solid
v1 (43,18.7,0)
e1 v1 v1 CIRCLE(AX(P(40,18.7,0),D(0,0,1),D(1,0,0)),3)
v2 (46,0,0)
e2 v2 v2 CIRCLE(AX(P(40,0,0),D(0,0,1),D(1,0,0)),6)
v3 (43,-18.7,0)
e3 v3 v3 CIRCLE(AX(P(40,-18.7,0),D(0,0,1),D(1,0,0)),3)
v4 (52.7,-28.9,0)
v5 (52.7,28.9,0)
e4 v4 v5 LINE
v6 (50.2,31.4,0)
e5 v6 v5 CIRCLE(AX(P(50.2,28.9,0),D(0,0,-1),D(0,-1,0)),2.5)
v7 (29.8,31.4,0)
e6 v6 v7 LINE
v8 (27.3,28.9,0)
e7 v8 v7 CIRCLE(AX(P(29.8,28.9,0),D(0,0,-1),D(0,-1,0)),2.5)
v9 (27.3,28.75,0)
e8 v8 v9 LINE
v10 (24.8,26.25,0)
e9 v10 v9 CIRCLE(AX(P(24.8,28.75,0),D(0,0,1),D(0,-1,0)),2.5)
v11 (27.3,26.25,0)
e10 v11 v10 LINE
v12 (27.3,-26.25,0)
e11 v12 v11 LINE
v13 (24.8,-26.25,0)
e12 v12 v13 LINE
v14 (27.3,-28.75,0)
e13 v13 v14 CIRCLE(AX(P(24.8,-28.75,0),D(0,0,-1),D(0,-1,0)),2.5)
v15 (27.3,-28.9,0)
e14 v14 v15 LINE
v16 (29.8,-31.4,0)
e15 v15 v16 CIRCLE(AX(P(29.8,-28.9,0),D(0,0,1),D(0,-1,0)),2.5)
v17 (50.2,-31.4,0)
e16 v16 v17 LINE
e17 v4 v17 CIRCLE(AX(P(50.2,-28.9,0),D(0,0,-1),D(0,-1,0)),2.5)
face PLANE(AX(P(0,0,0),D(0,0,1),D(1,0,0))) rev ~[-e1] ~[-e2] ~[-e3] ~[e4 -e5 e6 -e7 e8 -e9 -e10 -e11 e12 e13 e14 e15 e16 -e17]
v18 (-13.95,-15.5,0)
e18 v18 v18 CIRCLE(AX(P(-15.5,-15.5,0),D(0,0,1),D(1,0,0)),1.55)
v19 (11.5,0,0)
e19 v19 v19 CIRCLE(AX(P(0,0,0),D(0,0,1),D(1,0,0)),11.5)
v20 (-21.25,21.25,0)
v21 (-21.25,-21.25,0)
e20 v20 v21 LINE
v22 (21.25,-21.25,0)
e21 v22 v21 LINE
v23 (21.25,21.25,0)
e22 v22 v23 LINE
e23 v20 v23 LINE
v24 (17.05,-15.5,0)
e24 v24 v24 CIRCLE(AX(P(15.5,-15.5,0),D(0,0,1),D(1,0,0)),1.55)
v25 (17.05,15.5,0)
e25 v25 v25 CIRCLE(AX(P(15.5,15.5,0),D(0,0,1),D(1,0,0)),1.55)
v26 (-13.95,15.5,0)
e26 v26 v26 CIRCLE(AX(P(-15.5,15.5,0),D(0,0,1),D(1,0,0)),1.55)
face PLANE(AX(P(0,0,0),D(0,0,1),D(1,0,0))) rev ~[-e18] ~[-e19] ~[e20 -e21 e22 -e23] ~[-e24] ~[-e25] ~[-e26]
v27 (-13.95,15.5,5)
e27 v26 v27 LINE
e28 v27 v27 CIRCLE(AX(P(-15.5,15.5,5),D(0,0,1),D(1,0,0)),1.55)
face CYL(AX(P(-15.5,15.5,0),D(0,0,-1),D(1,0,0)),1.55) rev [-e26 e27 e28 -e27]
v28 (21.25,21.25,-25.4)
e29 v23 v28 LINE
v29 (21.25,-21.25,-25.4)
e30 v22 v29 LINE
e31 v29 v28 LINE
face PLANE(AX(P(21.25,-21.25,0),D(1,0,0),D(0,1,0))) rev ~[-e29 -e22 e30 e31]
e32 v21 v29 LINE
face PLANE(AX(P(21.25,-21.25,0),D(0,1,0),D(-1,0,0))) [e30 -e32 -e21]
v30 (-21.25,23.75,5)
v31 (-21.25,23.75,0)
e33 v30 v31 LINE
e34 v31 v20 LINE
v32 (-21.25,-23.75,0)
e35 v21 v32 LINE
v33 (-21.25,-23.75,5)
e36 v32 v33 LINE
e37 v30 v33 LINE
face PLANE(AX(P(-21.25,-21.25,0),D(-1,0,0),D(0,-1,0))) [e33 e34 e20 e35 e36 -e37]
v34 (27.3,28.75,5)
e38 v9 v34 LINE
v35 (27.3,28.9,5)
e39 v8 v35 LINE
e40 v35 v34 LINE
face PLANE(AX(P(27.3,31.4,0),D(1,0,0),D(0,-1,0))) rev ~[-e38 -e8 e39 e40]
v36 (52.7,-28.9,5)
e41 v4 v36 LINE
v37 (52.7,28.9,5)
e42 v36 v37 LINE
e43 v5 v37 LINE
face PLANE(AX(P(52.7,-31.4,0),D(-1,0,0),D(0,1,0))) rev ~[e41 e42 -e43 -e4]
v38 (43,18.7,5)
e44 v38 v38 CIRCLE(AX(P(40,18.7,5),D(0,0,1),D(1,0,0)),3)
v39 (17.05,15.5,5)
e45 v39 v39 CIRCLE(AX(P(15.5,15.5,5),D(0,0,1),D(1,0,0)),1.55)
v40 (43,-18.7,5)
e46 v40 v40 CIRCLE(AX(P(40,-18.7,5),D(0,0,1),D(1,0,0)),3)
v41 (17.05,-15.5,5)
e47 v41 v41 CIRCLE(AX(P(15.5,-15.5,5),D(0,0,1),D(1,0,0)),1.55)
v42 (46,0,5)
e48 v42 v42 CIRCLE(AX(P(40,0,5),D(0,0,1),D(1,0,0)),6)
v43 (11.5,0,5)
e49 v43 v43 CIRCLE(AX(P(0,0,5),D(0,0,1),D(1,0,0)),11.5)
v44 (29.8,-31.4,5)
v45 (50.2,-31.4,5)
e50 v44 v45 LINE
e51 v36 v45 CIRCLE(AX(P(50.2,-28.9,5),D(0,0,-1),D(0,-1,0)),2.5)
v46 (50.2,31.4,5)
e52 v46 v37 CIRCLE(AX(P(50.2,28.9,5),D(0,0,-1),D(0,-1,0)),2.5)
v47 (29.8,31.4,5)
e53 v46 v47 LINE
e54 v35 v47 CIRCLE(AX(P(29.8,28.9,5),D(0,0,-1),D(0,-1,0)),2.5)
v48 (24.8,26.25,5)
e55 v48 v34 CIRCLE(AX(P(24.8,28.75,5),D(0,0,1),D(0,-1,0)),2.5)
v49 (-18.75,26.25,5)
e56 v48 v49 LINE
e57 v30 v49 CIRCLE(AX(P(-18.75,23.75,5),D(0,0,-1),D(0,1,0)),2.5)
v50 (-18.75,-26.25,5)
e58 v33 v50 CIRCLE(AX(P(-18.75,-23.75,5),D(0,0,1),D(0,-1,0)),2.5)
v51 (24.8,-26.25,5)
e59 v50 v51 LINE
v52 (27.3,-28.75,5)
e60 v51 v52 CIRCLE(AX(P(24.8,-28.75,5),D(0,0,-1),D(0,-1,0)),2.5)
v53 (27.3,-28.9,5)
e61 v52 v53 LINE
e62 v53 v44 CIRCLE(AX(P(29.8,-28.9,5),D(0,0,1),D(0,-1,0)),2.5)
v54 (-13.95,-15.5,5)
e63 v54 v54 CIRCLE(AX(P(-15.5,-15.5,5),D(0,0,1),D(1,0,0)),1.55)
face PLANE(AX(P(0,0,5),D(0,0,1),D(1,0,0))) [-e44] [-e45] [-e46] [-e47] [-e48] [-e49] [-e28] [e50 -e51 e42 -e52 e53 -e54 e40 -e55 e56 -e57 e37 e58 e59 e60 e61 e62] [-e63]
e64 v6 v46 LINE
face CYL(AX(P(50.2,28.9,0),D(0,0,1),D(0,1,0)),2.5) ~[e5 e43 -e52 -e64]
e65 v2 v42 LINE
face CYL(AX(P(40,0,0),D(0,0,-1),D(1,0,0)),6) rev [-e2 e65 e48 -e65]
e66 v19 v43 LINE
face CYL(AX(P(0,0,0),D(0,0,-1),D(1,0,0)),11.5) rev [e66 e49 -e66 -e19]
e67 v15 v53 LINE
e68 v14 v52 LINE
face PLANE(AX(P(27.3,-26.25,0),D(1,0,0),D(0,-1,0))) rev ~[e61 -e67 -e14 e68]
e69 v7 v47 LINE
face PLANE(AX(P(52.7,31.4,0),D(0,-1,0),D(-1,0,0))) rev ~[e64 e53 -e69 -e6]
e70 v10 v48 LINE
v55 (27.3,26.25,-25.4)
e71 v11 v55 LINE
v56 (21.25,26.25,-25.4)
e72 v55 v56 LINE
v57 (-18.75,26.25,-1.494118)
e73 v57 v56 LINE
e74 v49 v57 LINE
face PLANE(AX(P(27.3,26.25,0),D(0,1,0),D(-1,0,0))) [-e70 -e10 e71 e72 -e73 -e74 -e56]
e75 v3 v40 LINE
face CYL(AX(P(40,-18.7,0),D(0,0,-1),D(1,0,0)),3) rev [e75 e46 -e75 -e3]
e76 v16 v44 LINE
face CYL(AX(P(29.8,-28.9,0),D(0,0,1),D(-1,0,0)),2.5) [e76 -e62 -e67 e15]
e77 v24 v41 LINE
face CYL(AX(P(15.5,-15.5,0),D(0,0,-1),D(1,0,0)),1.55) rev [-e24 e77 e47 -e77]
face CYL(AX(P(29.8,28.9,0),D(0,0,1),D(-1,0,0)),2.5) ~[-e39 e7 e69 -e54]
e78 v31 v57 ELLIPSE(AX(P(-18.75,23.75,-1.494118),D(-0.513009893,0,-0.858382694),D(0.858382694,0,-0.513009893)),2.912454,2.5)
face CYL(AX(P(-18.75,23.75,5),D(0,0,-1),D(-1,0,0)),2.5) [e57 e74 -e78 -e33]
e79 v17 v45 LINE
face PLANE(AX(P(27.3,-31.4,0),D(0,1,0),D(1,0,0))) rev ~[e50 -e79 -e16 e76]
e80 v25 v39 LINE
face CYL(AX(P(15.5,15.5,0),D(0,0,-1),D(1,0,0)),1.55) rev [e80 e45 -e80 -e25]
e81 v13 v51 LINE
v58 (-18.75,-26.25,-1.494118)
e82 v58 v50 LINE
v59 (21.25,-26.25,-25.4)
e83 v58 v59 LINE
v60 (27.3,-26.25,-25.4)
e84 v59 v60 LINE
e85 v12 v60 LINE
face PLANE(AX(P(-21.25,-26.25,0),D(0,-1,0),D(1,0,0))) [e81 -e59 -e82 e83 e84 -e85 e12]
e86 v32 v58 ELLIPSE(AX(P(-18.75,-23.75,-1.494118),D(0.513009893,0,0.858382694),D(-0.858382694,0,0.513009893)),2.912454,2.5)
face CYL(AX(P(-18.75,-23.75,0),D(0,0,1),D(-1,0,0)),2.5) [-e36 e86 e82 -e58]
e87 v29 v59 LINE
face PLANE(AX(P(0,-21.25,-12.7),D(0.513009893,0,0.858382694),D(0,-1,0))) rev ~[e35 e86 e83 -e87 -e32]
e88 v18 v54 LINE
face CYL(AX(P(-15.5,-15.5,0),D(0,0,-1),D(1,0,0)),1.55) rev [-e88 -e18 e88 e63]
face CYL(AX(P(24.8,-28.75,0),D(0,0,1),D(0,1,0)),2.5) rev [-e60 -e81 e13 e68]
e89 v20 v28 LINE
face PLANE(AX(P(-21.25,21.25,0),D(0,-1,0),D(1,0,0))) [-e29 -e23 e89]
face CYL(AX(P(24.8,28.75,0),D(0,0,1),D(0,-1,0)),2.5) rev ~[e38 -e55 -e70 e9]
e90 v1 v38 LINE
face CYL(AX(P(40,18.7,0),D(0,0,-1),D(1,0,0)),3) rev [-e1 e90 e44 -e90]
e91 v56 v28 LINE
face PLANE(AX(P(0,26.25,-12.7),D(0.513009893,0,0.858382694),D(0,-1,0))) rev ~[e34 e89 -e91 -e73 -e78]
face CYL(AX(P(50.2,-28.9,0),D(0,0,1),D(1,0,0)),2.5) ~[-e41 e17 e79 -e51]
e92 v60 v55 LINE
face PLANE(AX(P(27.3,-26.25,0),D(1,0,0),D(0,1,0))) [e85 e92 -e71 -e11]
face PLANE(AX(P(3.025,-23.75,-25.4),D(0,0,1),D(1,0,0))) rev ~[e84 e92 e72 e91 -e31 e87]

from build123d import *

# Parameters (mm, degrees)
F0_W     = 42.5
F0_H     = 42.5
F0_R     = 1.55
F0_R_2   = 11.5
F0_W_2   = 6.05
F0_R_3   = 3
F0_R_4   = 6
F1_DEPTH = 5
F2_DEPTH = 25.4
F3_SIZE2 = 42.5
F3_SIZE  = 25.4
F4_R     = 2.5


with BuildPart() as f1:
    # F0 (on Top) → F1 (new body)
    with BuildSketch(Plane.XY):
        Rectangle(F0_W, F0_H)
        with Locations((-15.5, -15.5)):
            Circle(F0_R, mode=Mode.SUBTRACT)
        with Locations((15.5, -15.5)):
            Circle(F0_R, mode=Mode.SUBTRACT)
        with Locations((-15.5, 15.5)):
            Circle(F0_R, mode=Mode.SUBTRACT)
        Circle(F0_R_2, mode=Mode.SUBTRACT)
        with Locations((15.5, 15.5)):
            Circle(F0_R, mode=Mode.SUBTRACT)
        Polygon((-21.25, 21.25), (21.25, 21.25), (27.3, 21.25), (27.3, 26.25), (-21.25, 26.25), align=None)
        with Locations((24.275, 0)):
            Rectangle(F0_W_2, F0_H)
        Polygon((27.3, -21.25), (21.25, -21.25), (-21.25, -21.25), (-21.25, -26.25), (27.3, -26.25), align=None)
        Polygon((27.3, 26.25), (27.3, 21.25), (27.3, -21.25), (27.3, -26.25), (27.3, -31.4), (52.7, -31.4), (52.7, 31.4), (27.3, 31.4), align=None)
        with Locations((40, -18.7)):
            Circle(F0_R_3, mode=Mode.SUBTRACT)
        with Locations((40, 0)):
            Circle(F0_R_4, mode=Mode.SUBTRACT)
        with Locations((40, 18.7)):
            Circle(F0_R_3, mode=Mode.SUBTRACT)
    extrude(amount=F1_DEPTH)

    # F0 (on Top) → F2 (join)
    with BuildSketch(Plane.XY):
        Polygon((27.3, -21.25), (21.25, -21.25), (-21.25, -21.25), (-21.25, -26.25), (27.3, -26.25), align=None)
        with Locations((24.275, 0)):
            Rectangle(F0_W_2, F0_H)
        Polygon((-21.25, 21.25), (21.25, 21.25), (27.3, 21.25), (27.3, 26.25), (-21.25, 26.25), align=None)
    extrude(amount=-F2_DEPTH)

    # F3
    f3_edges = [f1.edges().sort_by_distance(p)[0] for p in [
        (-21.25, -23.75, -25.4),
        (-21.25, 23.75, -25.4),
    ]]
    f3_side = f1.faces().sort_by_distance((-21.25, 0, 4.393336))[0]
    chamfer(f3_edges, length=F3_SIZE, length2=F3_SIZE2, reference=f3_side)

    # F4
    f4_edges = [f1.edges().sort_by_distance(p)[0] for p in [
        (27.3, 31.4, 2.5),
        (52.7, 31.4, 2.5),
        (27.3, 26.25, 2.5),
        (-21.25, 26.25, 2.5),
        (52.7, -31.4, 2.5),
        (27.3, -31.4, 2.5),
        (27.3, -26.25, 2.5),
        (-21.25, -26.25, 2.5),
    ]]
    fillet(f4_edges, radius=F4_R)


solid = f1.part
